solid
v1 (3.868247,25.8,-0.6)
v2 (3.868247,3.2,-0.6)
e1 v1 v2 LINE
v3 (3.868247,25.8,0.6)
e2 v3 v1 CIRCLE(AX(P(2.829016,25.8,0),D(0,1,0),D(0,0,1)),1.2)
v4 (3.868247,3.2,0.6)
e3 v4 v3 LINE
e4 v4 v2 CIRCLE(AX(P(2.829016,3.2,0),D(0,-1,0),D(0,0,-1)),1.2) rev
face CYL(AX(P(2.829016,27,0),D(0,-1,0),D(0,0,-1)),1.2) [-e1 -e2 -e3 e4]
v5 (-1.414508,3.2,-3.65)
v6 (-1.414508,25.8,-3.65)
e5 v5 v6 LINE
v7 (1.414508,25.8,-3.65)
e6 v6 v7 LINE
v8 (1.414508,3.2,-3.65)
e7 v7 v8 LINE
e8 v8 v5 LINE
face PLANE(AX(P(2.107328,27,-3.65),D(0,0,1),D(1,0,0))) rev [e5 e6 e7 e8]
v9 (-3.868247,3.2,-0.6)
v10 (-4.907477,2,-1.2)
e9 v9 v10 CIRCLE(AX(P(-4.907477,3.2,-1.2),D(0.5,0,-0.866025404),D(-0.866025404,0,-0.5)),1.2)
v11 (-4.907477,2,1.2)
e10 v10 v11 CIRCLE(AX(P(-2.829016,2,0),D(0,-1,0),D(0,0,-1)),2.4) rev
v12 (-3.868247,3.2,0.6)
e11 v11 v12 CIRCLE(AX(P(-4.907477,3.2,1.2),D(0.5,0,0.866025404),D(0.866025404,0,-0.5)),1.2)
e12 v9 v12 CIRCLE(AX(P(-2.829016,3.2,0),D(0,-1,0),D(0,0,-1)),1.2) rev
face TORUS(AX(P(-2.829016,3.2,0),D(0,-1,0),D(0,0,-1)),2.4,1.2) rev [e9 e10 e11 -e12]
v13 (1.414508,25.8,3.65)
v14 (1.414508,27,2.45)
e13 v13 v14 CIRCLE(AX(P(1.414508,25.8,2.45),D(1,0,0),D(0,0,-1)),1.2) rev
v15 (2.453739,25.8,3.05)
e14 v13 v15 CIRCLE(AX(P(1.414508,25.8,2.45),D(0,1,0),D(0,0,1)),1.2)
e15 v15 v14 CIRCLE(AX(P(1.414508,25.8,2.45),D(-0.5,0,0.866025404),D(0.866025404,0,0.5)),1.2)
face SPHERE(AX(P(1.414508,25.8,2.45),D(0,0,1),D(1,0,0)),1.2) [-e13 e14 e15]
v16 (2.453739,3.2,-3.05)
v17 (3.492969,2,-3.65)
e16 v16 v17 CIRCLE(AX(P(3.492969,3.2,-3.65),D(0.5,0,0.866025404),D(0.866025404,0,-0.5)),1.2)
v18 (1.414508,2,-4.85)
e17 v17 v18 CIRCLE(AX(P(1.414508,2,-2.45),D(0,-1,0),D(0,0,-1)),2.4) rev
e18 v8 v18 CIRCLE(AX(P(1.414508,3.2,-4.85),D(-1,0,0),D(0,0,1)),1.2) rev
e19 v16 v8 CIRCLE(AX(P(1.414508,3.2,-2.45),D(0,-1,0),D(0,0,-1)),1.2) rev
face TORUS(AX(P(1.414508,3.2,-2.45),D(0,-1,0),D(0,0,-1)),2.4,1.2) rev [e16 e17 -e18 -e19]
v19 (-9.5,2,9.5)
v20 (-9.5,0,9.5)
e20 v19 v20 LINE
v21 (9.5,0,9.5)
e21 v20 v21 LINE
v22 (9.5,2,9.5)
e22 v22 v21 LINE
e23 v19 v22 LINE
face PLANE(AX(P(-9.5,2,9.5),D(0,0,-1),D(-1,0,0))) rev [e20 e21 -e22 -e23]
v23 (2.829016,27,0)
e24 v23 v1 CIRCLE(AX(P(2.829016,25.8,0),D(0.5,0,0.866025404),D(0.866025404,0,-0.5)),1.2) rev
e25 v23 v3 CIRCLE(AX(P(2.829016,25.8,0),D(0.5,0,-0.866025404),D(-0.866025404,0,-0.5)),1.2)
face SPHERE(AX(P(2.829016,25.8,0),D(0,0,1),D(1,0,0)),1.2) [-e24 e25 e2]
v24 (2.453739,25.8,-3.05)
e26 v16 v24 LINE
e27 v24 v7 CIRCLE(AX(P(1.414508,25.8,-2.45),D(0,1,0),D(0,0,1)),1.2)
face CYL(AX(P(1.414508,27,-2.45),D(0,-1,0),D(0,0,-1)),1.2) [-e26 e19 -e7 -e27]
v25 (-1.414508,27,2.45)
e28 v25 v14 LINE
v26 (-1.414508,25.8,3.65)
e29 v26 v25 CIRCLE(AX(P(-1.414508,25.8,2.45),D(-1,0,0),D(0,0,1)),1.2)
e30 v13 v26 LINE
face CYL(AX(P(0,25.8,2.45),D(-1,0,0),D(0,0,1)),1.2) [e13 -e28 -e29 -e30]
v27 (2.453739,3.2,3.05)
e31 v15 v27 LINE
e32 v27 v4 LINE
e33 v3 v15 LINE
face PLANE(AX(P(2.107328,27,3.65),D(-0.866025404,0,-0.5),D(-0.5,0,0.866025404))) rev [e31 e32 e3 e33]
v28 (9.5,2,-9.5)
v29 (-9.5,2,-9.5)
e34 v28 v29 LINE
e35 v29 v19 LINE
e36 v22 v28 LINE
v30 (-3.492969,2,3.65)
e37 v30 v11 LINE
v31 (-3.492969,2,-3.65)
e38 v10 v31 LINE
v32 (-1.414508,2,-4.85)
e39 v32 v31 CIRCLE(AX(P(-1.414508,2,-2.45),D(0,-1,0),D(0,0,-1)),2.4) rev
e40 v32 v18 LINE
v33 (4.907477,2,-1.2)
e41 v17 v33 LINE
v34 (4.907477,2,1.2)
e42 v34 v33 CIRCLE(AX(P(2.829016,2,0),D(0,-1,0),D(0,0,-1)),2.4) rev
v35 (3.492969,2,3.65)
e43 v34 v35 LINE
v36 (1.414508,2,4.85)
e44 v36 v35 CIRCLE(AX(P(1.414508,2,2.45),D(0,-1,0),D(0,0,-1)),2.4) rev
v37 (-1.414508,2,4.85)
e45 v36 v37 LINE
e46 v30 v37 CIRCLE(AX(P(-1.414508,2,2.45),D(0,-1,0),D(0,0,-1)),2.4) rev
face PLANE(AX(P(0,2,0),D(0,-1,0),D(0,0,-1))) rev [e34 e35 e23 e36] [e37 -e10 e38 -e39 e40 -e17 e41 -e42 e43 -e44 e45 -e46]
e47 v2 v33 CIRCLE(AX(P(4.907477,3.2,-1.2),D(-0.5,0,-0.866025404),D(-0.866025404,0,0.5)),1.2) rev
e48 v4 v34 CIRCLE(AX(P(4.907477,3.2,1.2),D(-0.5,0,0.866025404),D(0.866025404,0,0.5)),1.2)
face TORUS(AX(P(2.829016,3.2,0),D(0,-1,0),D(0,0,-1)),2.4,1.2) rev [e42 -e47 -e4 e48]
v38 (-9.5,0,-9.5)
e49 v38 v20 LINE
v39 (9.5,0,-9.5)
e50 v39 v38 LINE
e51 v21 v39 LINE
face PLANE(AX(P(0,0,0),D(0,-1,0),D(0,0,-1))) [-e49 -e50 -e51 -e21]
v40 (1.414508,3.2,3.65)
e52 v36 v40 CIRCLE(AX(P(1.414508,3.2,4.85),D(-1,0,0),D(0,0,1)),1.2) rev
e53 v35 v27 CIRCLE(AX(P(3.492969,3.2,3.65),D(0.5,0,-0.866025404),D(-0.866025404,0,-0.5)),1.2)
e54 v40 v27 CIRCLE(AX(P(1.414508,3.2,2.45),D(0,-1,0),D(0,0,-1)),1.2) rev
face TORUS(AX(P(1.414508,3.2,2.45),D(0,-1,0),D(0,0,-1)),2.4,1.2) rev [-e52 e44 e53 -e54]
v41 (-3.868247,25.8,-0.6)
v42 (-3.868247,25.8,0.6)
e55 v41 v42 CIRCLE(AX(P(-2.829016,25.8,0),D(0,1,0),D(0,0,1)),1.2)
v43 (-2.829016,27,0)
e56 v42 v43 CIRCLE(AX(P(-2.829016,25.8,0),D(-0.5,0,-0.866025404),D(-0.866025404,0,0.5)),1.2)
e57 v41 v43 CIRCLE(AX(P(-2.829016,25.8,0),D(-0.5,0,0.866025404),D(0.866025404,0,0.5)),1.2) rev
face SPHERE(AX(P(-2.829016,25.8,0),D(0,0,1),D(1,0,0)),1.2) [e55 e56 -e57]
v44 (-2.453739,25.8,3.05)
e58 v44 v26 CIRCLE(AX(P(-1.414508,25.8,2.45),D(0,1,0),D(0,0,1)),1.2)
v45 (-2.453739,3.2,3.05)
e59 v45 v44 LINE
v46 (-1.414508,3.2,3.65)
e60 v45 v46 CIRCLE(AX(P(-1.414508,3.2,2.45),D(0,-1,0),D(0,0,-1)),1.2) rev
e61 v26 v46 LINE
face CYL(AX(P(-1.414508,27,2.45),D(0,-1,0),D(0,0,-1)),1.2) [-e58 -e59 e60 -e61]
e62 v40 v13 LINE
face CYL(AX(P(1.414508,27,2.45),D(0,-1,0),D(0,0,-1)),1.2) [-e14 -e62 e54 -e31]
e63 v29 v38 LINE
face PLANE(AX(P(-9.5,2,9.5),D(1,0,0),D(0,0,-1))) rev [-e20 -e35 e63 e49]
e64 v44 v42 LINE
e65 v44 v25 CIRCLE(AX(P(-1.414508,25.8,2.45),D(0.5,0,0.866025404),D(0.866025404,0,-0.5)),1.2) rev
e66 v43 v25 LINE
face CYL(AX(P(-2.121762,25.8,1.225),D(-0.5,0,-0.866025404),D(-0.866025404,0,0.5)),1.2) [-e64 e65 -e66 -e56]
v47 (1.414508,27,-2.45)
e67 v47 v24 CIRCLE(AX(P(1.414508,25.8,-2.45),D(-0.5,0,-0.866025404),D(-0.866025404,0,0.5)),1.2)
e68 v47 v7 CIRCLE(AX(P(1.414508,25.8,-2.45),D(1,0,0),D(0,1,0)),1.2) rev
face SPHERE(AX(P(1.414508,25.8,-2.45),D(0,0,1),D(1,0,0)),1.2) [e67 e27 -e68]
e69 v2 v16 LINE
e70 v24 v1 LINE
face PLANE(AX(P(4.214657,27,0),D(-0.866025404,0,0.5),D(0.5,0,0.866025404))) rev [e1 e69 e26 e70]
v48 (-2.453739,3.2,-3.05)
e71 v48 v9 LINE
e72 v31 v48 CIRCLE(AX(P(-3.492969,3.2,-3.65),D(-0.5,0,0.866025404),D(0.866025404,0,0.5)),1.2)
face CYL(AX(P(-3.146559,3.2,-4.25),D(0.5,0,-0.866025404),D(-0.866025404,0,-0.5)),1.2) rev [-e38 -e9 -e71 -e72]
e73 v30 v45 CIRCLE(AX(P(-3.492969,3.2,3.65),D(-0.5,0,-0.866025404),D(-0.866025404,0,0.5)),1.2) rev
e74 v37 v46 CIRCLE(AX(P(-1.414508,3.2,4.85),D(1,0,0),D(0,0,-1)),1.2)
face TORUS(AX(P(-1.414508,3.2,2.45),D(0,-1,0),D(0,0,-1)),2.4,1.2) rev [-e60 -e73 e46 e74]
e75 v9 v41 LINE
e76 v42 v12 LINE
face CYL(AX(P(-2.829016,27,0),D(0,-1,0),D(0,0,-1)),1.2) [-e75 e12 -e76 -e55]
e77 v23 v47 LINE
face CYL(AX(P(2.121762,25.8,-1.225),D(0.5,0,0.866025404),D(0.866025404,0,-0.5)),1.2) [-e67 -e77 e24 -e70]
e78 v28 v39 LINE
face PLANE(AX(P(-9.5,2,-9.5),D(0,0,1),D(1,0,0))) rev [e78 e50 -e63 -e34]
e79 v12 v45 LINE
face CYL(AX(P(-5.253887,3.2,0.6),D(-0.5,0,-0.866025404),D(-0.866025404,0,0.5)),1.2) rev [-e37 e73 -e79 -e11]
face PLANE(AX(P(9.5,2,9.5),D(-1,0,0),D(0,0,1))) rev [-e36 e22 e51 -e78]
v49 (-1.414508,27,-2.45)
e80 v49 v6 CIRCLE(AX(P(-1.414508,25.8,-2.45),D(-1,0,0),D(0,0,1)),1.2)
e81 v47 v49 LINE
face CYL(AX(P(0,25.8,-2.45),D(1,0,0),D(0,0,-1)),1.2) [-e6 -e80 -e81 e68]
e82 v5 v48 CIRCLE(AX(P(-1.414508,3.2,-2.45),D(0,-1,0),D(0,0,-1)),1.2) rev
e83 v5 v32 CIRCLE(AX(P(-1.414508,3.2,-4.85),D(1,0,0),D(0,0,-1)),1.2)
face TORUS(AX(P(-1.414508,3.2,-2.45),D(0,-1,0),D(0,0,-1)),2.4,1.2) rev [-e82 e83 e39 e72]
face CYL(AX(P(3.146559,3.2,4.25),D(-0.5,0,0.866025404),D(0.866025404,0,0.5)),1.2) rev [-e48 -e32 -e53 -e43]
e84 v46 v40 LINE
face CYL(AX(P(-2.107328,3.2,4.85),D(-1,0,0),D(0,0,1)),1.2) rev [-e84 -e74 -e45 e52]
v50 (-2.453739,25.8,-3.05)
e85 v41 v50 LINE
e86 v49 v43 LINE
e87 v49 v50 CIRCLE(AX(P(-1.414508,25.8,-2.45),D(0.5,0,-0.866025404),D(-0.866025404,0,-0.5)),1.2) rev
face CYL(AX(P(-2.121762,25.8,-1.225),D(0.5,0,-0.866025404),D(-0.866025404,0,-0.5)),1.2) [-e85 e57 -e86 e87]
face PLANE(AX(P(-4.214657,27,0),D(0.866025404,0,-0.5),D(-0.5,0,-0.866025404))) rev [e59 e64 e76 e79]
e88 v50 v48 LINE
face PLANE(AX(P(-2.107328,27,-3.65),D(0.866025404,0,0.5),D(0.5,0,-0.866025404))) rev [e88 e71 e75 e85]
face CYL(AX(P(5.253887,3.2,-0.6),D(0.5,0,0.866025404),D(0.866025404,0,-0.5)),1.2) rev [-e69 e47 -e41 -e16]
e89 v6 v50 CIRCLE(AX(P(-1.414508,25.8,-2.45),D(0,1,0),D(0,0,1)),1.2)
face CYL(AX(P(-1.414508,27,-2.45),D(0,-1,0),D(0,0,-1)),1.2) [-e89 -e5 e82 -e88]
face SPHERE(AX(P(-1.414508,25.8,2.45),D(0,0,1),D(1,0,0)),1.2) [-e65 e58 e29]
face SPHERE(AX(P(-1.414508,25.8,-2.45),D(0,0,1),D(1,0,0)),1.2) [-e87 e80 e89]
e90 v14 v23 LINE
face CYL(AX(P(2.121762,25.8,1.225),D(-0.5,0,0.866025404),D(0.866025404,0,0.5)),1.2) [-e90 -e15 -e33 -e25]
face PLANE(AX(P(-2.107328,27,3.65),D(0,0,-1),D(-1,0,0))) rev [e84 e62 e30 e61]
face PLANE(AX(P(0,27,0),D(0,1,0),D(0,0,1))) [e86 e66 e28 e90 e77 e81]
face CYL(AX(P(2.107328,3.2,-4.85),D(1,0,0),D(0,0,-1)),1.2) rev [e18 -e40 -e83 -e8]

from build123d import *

# Parameters (mm, degrees)
CROQUIS1_W              = 19
CROQUIS1_H              = 19
SALIENTE_EXTRUIR1_DEPTH = 2
SALIENTE_EXTRUIR2_DEPTH = 25
REDONDEO1_R             = 1.2


with BuildPart() as part:
    # Croquis1 → Saliente-Extruir1 (new body)
    with BuildSketch(Plane(origin=(0, 0, 0), x_dir=(1, 0, 0), z_dir=(0, 1, 0))):
        Rectangle(CROQUIS1_W, CROQUIS1_H)
    extrude(amount=SALIENTE_EXTRUIR1_DEPTH)

    # Croquis2 → Saliente-Extruir2 (add)
    with BuildSketch(Plane(origin=(0, 2, 0), x_dir=(1, 0, 0), z_dir=(0, 1, 0))):
        Polygon((4.214656965, 0), (2.107328483, 3.65), (-2.107328483, 3.65), (-4.214656965, 0), (-2.107328483, -3.65), (2.107328483, -3.65), align=None)
    extrude(amount=SALIENTE_EXTRUIR2_DEPTH)

    # Redondeo1
    redondeo1_edges = [part.edges().sort_by_distance(p)[0] for p in [
        (3.160992724, 2, 1.825),
        (2.107328483, 14.5, 3.65),
        (3.160992724, 2, -1.825),
        (4.214656965, 14.5, 0),
        (0, 2, -3.65),
        (2.107328483, 14.5, -3.65),
        (-3.160992724, 2, -1.825),
        (-2.107328483, 14.5, -3.65),
        (-3.160992724, 2, 1.825),
        (-4.214656965, 14.5, 0),
        (0, 2, 3.65),
        (-2.107328483, 14.5, 3.65),
        (3.160992724, 27, 1.825),
        (3.160992724, 27, -1.825),
        (0, 27, -3.65),
        (-3.160992724, 27, -1.825),
        (-3.160992724, 27, 1.825),
        (0, 27, 3.65),
    ]]
    fillet(redondeo1_edges, radius=REDONDEO1_R)


solid = part.part
